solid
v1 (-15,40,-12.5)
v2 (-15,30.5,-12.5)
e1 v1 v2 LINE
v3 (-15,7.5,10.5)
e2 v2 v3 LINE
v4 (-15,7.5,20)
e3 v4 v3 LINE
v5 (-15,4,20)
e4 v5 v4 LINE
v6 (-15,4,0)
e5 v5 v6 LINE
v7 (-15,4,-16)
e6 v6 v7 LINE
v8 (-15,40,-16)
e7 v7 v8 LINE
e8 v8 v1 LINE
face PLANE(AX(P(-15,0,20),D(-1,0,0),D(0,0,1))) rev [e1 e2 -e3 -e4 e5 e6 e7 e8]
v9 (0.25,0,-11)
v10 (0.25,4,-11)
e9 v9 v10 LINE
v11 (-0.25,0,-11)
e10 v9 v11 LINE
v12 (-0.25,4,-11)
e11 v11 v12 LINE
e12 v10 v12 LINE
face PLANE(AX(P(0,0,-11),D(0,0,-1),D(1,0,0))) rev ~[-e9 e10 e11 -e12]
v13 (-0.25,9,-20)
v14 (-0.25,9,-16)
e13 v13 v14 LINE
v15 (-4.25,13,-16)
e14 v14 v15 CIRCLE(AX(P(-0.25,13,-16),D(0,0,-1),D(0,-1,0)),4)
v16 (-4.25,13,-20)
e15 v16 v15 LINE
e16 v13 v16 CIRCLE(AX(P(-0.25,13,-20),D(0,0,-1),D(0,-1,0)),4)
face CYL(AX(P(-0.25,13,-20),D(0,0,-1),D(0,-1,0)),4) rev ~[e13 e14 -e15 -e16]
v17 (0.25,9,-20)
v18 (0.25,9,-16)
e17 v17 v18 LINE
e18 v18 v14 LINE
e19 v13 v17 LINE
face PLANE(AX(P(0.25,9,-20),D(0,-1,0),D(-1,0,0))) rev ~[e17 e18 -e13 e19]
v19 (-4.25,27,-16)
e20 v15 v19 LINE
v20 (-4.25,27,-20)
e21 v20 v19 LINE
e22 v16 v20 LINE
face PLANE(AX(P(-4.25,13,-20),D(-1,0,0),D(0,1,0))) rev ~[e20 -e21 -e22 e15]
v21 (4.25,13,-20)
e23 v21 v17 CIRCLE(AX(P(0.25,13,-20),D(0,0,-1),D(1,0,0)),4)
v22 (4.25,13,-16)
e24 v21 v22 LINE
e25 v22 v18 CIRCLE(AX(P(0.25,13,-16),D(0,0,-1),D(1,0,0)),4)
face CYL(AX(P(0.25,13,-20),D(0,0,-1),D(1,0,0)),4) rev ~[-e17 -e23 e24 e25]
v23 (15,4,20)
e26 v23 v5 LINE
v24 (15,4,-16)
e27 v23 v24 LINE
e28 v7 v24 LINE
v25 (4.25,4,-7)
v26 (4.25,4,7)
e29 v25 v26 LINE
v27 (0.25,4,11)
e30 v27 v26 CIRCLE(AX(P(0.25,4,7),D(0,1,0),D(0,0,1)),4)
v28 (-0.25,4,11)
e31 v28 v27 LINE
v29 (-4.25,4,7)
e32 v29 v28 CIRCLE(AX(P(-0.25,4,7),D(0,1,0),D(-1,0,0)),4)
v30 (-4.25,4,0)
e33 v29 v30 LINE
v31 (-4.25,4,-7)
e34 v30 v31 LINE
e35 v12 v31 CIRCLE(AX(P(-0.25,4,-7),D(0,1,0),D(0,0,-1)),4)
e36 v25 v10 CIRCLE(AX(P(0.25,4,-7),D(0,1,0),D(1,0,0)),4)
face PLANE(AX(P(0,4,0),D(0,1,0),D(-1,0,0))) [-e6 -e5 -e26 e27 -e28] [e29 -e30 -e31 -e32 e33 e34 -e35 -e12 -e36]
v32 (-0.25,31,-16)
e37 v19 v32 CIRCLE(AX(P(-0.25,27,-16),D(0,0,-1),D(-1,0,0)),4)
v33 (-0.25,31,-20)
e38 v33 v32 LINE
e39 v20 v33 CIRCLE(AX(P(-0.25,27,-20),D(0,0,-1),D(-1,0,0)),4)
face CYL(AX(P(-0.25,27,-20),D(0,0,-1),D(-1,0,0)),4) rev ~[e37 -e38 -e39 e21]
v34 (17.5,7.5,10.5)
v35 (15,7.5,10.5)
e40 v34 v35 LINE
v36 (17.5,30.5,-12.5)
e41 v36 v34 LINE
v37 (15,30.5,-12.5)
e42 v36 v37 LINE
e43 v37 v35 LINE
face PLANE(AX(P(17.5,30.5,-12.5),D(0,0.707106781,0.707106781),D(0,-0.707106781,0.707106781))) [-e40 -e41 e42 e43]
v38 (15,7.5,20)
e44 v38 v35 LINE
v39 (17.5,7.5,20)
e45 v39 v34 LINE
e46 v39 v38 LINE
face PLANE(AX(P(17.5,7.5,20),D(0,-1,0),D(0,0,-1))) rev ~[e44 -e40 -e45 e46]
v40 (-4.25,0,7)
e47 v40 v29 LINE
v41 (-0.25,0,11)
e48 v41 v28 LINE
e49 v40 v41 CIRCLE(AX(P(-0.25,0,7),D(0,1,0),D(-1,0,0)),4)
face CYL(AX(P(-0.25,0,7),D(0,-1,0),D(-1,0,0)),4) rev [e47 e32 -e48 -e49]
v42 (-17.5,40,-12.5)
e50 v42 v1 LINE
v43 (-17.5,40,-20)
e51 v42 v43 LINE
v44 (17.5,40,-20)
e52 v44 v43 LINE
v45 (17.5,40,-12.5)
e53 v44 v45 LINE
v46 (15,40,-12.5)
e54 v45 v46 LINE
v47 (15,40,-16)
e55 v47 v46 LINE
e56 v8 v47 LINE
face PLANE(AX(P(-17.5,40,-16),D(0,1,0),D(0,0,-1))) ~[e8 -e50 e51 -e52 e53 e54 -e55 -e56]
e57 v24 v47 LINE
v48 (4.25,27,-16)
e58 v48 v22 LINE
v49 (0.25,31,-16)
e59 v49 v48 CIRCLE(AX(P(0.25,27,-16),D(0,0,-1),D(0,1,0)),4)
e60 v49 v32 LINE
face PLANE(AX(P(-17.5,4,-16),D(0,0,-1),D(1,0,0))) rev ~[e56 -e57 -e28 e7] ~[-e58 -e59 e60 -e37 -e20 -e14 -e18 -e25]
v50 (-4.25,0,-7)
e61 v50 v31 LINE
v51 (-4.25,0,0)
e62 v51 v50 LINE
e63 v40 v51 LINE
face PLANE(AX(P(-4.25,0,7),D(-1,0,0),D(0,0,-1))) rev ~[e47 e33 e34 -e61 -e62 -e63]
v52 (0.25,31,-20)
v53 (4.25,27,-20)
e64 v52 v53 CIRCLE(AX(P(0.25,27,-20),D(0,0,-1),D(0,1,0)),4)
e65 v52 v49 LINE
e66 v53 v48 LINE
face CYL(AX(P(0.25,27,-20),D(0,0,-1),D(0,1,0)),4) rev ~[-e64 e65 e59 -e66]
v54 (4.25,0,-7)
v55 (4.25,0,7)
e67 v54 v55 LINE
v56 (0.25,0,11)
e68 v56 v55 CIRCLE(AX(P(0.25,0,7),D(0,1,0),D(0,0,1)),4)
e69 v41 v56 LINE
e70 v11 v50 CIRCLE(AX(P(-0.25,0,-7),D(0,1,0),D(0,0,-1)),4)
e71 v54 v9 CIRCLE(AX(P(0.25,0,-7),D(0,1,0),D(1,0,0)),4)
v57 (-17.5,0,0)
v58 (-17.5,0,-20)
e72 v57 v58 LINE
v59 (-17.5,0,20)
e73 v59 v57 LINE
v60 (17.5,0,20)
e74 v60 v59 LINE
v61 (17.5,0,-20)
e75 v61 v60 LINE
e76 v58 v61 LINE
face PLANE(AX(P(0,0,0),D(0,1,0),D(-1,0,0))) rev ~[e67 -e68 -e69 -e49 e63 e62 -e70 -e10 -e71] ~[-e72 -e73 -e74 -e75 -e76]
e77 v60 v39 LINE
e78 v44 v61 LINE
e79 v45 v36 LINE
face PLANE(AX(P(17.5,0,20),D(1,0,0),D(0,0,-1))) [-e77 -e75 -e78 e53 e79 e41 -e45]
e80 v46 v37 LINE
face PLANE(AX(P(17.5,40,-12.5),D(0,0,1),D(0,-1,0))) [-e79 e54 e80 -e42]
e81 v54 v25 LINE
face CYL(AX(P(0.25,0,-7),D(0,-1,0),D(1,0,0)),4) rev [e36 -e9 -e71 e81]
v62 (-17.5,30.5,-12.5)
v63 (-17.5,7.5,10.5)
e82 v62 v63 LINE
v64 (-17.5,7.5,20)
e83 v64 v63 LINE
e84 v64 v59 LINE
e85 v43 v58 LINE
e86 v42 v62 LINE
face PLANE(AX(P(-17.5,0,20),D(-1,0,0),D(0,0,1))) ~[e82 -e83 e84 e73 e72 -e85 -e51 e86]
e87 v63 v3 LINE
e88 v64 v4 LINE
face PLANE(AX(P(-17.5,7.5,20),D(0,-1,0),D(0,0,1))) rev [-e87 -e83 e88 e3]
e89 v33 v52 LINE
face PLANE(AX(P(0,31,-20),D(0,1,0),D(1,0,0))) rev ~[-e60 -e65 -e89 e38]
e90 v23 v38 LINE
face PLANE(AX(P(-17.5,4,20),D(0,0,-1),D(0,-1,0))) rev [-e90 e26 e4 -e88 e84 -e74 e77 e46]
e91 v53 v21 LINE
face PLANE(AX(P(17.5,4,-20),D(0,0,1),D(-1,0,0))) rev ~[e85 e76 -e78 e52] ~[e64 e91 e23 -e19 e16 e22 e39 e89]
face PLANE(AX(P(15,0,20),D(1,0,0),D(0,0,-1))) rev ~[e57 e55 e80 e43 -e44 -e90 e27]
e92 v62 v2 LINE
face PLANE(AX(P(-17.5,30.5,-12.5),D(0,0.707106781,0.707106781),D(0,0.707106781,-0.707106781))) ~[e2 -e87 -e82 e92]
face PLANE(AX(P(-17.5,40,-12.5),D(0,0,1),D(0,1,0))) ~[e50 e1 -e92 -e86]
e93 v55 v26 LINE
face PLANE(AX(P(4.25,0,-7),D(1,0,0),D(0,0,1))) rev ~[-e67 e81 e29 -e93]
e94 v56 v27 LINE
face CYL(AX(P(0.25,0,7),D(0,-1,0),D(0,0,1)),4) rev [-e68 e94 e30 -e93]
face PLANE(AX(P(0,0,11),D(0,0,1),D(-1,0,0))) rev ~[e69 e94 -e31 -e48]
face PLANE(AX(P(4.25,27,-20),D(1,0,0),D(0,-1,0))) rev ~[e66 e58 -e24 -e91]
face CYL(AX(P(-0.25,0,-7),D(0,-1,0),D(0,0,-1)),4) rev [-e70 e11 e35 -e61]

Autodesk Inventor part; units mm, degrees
ref_plane "YZ Plane" through (0, 0, 0) normal (1, 0, 0) x (0, 1, 0)
ref_plane "XZ Plane" through (0, 0, 0) normal (0, 1, 0) x (-1, 0, 0)
ref_plane "XY Plane" through (0, 0, 0) normal (0, 0, 1) x (1, 0, 0)
sketch "Sketch1" plane through (0, 0, 0) normal (0, 1, 0) x (-1, 0, 0)
  line L0 (0, 0) -> (17.5, 0)
  line L1 (17.5, 0) -> (17.5, -20)
  line L2 (17.5, -20) -> (-17.5, -20)
  line L3 (-17.5, -20) -> (-17.5, 20)
  line L4 (-17.5, 20) -> (17.5, 20)
  line L5 (17.5, 20) -> (17.5, 0)
  line L6 (15, -17.5) -> (15, 0)
  line L7 (15, 0) -> (15, 17.5)
  line L8 (15, 17.5) -> (-15, 17.5)
  line L9 (-15, 17.5) -> (-15, -17.5)
  line L10 (-15, -17.5) -> (15, -17.5)
  line L11 (0, 0) -> (0, 11)
  line L12 (0, 0) -> (0, -11)
  line L13 (0, 0) -> (4.25, 0)
  line L14 (4.25, 0) -> (4.25, -7)
  line L15 (0.25, -11) -> (-0.25, -11)
  line L16 (-4.25, -7) -> (-4.25, 7)
  line L17 (-0.25, 11) -> (0.25, 11)
  line L18 (4.25, 7) -> (4.25, 0)
  arc A0 (4.25, 7) -> (0.25, 11) centre (0.25, 7) ccw
  arc A1 (-0.25, 11) -> (-4.25, 7) centre (-0.25, 7) ccw
  arc A2 (0.25, -11) -> (4.25, -7) centre (0.25, -7) ccw
  arc A3 (-4.25, -7) -> (-0.25, -11) centre (-0.25, -7) ccw
  point P0 (4.25, -11)
  point P1 (-4.25, -11)
  point P2 (4.25, 11)
  dimension "d2" = 17.5
  dimension "d3" = 20
  dimension "d4" = 35
  dimension "d5" = 40
  dimension "d6" = 35
  dimension "d7" = 2.5
  dimension "d8" = 11
  dimension "d9" = 11
  dimension "d10" = 4.25
  dimension "d11" = 8.5
  dimension "d12" = 4
extrude "Extrusion1" add sketch "Sketch1" along normal blind 4 contours L6 L10 L9 L8 L7 | L1 L2 L3 L4 L5
sketch "Sketch2" plane through (0, 4, 0) normal (0, 1, 0) x (1, 0, 0)
  line L0 (-17.5, -20) -> (17.5, -20) projected
  line L1 (17.5, -20) -> (17.5, 20) projected
  line L2 (17.5, 20) -> (-17.5, 20) projected
  line L3 (-17.5, 20) -> (-17.5, -20) projected
  line L4 (-4.25, -7) -> (-4.25, 7) projected
  arc A0 (-0.25, 11) -> (-4.25, 7) centre (-0.25, 7) ccw projected
  line L5 (-0.25, 11) -> (0.25, 11) projected
  arc A1 (4.25, 7) -> (0.25, 11) centre (0.25, 7) ccw projected
  line L6 (4.25, 7) -> (4.25, -7) projected
  arc A2 (0.25, -11) -> (4.25, -7) centre (0.25, -7) ccw projected
  line L7 (0.25, -11) -> (-0.25, -11) projected
  arc A3 (-4.25, -7) -> (-0.25, -11) centre (-0.25, -7) ccw projected
  line L8 (-17.5, 20) -> (-17.5, -20) projected
  line L9 (-17.5, 20) -> (-17.5, 16)
  line L10 (-17.5, 16) -> (17.5, 16)
  line L11 (17.5, -20) -> (17.5, 20) projected
  point P0 (0, 0)
  dimension "d15" = 4
extrude "Extrusion2" add sketch "Sketch2" along normal blind 36 contours L3 L2 L1 L10
sketch "Sketch3" plane through (17.5, 0, -20) normal (0, 0, -1) x (-1, 0, 0)
  line L0 (0, 0) -> (35, 0) projected
  line L1 (35, 0) -> (35, 40) projected
  line L2 (0, 40) -> (35, 40) projected
  line L3 (0, 0) -> (0, 40) projected
  line L4 (17.5, 0) -> (17.5, 40)
  line L5 (35, 40) -> (0, 40) projected
  line L6 (17.5, 20) -> (17.5, 9)
  line L7 (17.5, 20) -> (17.5, 31)
  line L8 (17.5, 31) -> (17.25, 31)
  line L9 (13.25, 27) -> (13.25, 13)
  line L10 (17.25, 9) -> (17.75, 9)
  line L11 (21.75, 13) -> (21.75, 27)
  line L12 (17.75, 31) -> (17.5, 31)
  arc A0 (13.25, 13) -> (17.25, 9) centre (17.25, 13) ccw
  arc A1 (17.75, 9) -> (21.75, 13) centre (17.75, 13) ccw
  arc A2 (17.25, 31) -> (13.25, 27) centre (17.25, 27) ccw
  arc A3 (21.75, 27) -> (17.75, 31) centre (17.75, 27) ccw
  point P0 (13.25, 31)
  point P1 (13.25, 9)
  point P2 (21.75, 9)
  point P3 (21.75, 31)
  dimension "d18" = 11
  dimension "d19" = 11
  dimension "d20" = 4.25
  dimension "d21" = 22
  dimension "d22" = 8.5
  dimension "d23" = 4
extrude "Extrusion3" cut sketch "Sketch3" against normal blind 4 contours L10 A0 L9 A2 L8 L4 | L4 L12 A3 L11 A1 L10
sketch "Sketch4" plane through (17.5, 0, 20) normal (1, 0, 0) x (0, 0, -1)
  line L0 (0, 0) -> (40, 0) projected
  line L1 (40, 0) -> (40, 40) projected
  line L2 (36, 40) -> (40, 40) projected
  line L3 (36, 4) -> (36, 40) projected
  line L4 (0, 4) -> (36, 4) projected
  line L5 (0, 0) -> (0, 4) projected
  line L6 (36, 4) -> (0, 4) projected
  line L7 (0, 4) -> (0, 7.5)
  line L8 (0, 7.5) -> (9.5, 7.5)
  line L9 (36, 4) -> (36, 40) projected
  line L10 (36, 40) -> (32.5, 40)
  line L11 (32.5, 40) -> (32.5, 30.5)
  line L12 (0, 7.5) -> (9.5, 7.5)
  line L13 (32.5, 40) -> (32.5, 30.5)
  line L14 (32.5, 30.5) -> (9.5, 7.5)
  point P0 (20, 0)
  dimension "d26" = 3.5
  dimension "d27" = 3.5
  dimension "d28" = 9.5
  dimension "d29" = 9.5
extrude "Extrusion4" add sketch "Sketch4" against normal blind 2.5 contours L7 L8 L14 L11 L10 L3 L4
mirror "Mirror1" about plane through (0, 0, 0) normal (1, 0, 0) of "Extrusion4"
ref_plane "Work Plane1" through (0, 0, 0) normal (1, 0, 0) x (0, 1, 0)
properties part number "KE HOC NHOM DINH HINH"
